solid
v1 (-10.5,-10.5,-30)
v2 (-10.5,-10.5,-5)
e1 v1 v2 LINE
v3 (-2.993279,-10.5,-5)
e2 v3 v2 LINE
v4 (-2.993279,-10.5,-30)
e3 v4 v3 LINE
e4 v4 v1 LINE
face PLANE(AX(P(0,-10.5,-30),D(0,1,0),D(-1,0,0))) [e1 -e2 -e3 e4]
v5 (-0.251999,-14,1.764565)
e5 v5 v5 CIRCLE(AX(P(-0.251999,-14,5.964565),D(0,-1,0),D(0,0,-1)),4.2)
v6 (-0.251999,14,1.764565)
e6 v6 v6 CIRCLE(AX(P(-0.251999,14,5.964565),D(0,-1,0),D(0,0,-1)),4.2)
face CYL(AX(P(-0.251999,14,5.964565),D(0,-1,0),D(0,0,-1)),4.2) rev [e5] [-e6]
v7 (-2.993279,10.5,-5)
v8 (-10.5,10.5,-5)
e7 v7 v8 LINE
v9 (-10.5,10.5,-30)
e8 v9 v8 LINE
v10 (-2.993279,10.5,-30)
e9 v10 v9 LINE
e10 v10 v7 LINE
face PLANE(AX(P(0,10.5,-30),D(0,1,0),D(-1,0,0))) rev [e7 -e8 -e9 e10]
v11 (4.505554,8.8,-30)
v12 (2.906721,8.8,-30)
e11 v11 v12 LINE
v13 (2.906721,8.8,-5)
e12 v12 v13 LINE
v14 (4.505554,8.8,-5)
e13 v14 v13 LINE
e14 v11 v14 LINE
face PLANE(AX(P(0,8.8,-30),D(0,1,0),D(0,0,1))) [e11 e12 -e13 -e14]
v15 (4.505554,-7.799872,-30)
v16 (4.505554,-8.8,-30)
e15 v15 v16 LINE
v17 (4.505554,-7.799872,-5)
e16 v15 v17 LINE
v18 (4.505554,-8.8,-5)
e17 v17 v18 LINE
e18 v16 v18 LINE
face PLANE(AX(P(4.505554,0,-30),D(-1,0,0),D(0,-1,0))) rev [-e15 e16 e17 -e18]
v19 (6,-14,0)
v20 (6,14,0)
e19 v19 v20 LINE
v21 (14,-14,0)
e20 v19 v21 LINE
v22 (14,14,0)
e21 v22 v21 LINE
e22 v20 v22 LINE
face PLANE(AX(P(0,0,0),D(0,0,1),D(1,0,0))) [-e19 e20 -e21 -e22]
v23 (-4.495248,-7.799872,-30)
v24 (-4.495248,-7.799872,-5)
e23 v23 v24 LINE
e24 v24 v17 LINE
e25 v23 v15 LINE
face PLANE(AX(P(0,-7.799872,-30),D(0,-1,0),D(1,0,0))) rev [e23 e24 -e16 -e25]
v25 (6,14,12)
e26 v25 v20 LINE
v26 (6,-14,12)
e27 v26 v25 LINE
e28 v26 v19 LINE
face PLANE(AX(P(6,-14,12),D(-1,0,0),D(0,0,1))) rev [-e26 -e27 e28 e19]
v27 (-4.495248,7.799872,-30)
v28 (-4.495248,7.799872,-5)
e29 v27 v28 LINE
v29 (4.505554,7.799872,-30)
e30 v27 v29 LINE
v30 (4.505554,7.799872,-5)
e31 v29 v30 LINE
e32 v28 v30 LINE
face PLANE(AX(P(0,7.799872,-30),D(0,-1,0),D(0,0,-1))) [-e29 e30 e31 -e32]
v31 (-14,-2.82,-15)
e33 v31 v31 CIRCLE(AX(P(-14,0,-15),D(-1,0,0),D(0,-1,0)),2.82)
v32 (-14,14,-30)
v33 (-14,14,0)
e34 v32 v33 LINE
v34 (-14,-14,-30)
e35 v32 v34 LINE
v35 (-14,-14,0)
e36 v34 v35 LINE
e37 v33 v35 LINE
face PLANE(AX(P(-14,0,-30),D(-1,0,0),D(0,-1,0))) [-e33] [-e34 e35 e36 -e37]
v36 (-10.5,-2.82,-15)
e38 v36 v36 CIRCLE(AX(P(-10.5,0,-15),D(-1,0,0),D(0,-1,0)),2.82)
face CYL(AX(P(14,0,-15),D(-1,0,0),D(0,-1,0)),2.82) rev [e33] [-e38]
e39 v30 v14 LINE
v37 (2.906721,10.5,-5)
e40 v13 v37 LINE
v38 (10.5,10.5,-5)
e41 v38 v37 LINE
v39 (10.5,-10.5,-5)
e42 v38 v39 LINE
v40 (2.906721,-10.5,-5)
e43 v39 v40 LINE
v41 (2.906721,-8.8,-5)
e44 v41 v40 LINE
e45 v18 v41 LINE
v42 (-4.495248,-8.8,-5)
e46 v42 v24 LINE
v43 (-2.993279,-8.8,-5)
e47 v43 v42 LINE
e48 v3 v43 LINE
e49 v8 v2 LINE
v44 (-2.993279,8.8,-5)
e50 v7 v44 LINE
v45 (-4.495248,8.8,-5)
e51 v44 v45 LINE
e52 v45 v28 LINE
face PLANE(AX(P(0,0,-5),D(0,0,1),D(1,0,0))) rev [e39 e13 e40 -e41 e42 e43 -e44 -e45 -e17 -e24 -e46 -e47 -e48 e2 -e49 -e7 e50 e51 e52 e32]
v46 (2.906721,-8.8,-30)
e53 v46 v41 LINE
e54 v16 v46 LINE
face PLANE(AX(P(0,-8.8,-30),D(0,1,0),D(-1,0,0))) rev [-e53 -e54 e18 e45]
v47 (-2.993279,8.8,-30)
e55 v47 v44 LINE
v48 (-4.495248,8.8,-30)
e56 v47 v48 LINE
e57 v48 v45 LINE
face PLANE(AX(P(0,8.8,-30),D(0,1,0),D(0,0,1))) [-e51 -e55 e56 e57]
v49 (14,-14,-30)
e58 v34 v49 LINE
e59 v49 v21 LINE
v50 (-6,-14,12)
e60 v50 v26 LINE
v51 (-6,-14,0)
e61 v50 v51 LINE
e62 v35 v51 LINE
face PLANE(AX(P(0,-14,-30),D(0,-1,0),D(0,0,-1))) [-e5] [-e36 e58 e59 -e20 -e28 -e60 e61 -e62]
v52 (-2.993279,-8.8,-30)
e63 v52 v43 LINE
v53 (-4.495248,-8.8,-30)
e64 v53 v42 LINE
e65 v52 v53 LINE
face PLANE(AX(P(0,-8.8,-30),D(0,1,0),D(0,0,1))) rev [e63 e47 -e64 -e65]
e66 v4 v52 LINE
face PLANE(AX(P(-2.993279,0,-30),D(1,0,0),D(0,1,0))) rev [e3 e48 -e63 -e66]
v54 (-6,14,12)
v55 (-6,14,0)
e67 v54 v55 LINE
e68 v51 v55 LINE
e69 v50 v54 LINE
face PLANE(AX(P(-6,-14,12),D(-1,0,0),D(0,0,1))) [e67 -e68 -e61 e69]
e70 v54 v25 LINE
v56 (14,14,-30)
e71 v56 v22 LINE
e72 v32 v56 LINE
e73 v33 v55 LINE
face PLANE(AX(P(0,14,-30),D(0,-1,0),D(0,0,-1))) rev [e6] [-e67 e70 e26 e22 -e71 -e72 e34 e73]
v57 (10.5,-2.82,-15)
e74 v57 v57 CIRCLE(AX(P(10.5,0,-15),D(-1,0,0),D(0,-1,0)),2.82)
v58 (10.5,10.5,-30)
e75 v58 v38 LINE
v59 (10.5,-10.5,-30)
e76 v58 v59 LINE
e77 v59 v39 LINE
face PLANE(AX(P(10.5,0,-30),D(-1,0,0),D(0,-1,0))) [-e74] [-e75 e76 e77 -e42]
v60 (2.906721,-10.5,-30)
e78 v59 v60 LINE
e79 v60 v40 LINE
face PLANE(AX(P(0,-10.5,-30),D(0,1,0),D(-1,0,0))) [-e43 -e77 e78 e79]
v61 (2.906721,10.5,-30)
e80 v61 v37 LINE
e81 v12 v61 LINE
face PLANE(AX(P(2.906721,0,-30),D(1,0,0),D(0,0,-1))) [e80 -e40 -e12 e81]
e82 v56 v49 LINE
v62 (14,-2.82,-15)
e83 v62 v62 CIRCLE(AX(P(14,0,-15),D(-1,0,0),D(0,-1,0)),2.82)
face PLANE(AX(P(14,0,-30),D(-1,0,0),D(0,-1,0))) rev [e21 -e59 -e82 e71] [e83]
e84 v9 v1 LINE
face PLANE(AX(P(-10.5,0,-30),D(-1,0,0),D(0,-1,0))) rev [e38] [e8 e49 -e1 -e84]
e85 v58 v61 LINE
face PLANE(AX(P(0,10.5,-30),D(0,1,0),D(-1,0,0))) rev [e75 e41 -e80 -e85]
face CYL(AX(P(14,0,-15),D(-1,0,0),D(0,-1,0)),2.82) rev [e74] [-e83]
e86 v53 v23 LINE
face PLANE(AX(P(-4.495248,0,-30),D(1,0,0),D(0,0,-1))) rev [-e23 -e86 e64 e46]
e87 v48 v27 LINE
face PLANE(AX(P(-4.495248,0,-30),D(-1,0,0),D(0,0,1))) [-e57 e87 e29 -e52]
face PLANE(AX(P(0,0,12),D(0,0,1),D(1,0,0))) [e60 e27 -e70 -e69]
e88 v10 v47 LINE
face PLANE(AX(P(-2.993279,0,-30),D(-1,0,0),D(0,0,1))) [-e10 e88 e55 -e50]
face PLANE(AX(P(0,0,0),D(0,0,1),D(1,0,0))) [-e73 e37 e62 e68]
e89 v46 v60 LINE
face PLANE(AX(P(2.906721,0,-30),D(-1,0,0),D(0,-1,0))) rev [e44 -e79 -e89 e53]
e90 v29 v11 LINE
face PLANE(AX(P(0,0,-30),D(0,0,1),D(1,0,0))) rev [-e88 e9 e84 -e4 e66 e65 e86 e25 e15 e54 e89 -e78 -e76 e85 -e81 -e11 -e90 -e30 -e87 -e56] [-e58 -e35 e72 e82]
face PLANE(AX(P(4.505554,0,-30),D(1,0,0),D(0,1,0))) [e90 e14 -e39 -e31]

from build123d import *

# Parameters (mm, degrees)
EXTRUDE_2_DEPTH     = 30
EXTRUDE_2_2_DEPTH   = 30
EXTRUDE_3_DEPTH     = 5
SKETCH_2_5_W        = 28
SKETCH_2_5_H        = 28
EXTRUDE_4_DEPTH     = 30
SKETCH_5_R          = 2.82
CUT_EXTRUDE_1_DEPTH = 44.358966777
SKETCH_6_W          = 12
SKETCH_6_H          = 28
EXTRUDE_7_DEPTH     = 12
SKETCH_9_R          = 4.2
CUT_EXTRUDE_3_DEPTH = 44.358966777


with BuildPart() as part:
    # Эскиз2 → Бобышка-Вытянуть2 (new body)
    with BuildSketch(Plane.XY):
        Polygon((2.906720935, 8.8), (2.906720935, 10.5), (-2.993279065, 10.5), (-2.993279065, 8.8), (-4.495247842, 8.8), (-4.495247842, 7.799871607), (4.505554414, 7.799871607), (4.505554414, 8.8), align=None)
    extrude(amount=-EXTRUDE_2_DEPTH)



with BuildPart() as body_2:
    # Эскиз2 → Extrude 2 2 (new body)
    with BuildSketch(Plane.XY):
        Polygon((-2.993279065, -10.5), (2.906720935, -10.5), (2.906720935, -8.8), (4.505554414, -8.8), (4.505554414, -7.799871607), (-4.495247842, -7.799871607), (-4.495247842, -8.8), (-2.993279065, -8.8), align=None)
    extrude(amount=-EXTRUDE_2_2_DEPTH)


with BuildPart() as part_1:
    add(part.part)

    add(body_2.part)  # Бобышка-Вытянуть3 merges body 2
    # Эскиз2<4> → Бобышка-Вытянуть3 (add)
    with BuildSketch(Plane.XY):
        Polygon((10.5, -10.5), (10.5, 10.5), (2.906720935, 10.5), (2.906720935, 8.8), (4.505554414, 8.8), (4.505554414, 7.799871607), (-4.495247842, 7.799871607), (-4.495247842, 8.8), (-2.993279065, 8.8), (-2.993279065, 10.5), (-10.5, 10.5), (-10.5, -10.5), (-2.993279065, -10.5), (-2.993279065, -8.8), (-4.495247842, -8.8), (-4.495247842, -7.799871607), (4.505554414, -7.799871607), (4.505554414, -8.8), (2.906720935, -8.8), (2.906720935, -10.5), align=None)
    extrude(amount=-EXTRUDE_3_DEPTH)

    # Эскиз2<5> → Бобышка-Вытянуть4 (add)
    with BuildSketch(Plane.XY):
        Rectangle(SKETCH_2_5_W, SKETCH_2_5_H)
        Polygon((10.5, 10.5), (10.5, 0), (10.5, -10.5), (2.906720935, -10.5), (-2.993279065, -10.5), (-10.5, -10.5), (-10.5, 0), (-10.5, 10.5), (-2.993279065, 10.5), (2.906720935, 10.5), align=None, mode=Mode.SUBTRACT)
    extrude(amount=-EXTRUDE_4_DEPTH)

    # Эскиз5 → Вырез-Вытянуть1 (cut, through all)
    with BuildSketch(Plane.ZY.offset(14)):
        with Locations((-15, 0)):
            Circle(SKETCH_5_R)
    extrude(amount=-CUT_EXTRUDE_1_DEPTH, mode=Mode.SUBTRACT)

    # Эскиз6 → Бобышка-Вытянуть7 (add)
    with BuildSketch(Plane.XY):
        Rectangle(SKETCH_6_W, SKETCH_6_H)
    extrude(amount=EXTRUDE_7_DEPTH)

    # Эскиз9 → Вырез-Вытянуть3 (cut, through all)
    with BuildSketch(Plane.XZ.offset(14)):
        with Locations((-0.251999231, 5.964564793)):
            Circle(SKETCH_9_R)
    extrude(amount=-CUT_EXTRUDE_3_DEPTH, mode=Mode.SUBTRACT)


solid = part_1.part
